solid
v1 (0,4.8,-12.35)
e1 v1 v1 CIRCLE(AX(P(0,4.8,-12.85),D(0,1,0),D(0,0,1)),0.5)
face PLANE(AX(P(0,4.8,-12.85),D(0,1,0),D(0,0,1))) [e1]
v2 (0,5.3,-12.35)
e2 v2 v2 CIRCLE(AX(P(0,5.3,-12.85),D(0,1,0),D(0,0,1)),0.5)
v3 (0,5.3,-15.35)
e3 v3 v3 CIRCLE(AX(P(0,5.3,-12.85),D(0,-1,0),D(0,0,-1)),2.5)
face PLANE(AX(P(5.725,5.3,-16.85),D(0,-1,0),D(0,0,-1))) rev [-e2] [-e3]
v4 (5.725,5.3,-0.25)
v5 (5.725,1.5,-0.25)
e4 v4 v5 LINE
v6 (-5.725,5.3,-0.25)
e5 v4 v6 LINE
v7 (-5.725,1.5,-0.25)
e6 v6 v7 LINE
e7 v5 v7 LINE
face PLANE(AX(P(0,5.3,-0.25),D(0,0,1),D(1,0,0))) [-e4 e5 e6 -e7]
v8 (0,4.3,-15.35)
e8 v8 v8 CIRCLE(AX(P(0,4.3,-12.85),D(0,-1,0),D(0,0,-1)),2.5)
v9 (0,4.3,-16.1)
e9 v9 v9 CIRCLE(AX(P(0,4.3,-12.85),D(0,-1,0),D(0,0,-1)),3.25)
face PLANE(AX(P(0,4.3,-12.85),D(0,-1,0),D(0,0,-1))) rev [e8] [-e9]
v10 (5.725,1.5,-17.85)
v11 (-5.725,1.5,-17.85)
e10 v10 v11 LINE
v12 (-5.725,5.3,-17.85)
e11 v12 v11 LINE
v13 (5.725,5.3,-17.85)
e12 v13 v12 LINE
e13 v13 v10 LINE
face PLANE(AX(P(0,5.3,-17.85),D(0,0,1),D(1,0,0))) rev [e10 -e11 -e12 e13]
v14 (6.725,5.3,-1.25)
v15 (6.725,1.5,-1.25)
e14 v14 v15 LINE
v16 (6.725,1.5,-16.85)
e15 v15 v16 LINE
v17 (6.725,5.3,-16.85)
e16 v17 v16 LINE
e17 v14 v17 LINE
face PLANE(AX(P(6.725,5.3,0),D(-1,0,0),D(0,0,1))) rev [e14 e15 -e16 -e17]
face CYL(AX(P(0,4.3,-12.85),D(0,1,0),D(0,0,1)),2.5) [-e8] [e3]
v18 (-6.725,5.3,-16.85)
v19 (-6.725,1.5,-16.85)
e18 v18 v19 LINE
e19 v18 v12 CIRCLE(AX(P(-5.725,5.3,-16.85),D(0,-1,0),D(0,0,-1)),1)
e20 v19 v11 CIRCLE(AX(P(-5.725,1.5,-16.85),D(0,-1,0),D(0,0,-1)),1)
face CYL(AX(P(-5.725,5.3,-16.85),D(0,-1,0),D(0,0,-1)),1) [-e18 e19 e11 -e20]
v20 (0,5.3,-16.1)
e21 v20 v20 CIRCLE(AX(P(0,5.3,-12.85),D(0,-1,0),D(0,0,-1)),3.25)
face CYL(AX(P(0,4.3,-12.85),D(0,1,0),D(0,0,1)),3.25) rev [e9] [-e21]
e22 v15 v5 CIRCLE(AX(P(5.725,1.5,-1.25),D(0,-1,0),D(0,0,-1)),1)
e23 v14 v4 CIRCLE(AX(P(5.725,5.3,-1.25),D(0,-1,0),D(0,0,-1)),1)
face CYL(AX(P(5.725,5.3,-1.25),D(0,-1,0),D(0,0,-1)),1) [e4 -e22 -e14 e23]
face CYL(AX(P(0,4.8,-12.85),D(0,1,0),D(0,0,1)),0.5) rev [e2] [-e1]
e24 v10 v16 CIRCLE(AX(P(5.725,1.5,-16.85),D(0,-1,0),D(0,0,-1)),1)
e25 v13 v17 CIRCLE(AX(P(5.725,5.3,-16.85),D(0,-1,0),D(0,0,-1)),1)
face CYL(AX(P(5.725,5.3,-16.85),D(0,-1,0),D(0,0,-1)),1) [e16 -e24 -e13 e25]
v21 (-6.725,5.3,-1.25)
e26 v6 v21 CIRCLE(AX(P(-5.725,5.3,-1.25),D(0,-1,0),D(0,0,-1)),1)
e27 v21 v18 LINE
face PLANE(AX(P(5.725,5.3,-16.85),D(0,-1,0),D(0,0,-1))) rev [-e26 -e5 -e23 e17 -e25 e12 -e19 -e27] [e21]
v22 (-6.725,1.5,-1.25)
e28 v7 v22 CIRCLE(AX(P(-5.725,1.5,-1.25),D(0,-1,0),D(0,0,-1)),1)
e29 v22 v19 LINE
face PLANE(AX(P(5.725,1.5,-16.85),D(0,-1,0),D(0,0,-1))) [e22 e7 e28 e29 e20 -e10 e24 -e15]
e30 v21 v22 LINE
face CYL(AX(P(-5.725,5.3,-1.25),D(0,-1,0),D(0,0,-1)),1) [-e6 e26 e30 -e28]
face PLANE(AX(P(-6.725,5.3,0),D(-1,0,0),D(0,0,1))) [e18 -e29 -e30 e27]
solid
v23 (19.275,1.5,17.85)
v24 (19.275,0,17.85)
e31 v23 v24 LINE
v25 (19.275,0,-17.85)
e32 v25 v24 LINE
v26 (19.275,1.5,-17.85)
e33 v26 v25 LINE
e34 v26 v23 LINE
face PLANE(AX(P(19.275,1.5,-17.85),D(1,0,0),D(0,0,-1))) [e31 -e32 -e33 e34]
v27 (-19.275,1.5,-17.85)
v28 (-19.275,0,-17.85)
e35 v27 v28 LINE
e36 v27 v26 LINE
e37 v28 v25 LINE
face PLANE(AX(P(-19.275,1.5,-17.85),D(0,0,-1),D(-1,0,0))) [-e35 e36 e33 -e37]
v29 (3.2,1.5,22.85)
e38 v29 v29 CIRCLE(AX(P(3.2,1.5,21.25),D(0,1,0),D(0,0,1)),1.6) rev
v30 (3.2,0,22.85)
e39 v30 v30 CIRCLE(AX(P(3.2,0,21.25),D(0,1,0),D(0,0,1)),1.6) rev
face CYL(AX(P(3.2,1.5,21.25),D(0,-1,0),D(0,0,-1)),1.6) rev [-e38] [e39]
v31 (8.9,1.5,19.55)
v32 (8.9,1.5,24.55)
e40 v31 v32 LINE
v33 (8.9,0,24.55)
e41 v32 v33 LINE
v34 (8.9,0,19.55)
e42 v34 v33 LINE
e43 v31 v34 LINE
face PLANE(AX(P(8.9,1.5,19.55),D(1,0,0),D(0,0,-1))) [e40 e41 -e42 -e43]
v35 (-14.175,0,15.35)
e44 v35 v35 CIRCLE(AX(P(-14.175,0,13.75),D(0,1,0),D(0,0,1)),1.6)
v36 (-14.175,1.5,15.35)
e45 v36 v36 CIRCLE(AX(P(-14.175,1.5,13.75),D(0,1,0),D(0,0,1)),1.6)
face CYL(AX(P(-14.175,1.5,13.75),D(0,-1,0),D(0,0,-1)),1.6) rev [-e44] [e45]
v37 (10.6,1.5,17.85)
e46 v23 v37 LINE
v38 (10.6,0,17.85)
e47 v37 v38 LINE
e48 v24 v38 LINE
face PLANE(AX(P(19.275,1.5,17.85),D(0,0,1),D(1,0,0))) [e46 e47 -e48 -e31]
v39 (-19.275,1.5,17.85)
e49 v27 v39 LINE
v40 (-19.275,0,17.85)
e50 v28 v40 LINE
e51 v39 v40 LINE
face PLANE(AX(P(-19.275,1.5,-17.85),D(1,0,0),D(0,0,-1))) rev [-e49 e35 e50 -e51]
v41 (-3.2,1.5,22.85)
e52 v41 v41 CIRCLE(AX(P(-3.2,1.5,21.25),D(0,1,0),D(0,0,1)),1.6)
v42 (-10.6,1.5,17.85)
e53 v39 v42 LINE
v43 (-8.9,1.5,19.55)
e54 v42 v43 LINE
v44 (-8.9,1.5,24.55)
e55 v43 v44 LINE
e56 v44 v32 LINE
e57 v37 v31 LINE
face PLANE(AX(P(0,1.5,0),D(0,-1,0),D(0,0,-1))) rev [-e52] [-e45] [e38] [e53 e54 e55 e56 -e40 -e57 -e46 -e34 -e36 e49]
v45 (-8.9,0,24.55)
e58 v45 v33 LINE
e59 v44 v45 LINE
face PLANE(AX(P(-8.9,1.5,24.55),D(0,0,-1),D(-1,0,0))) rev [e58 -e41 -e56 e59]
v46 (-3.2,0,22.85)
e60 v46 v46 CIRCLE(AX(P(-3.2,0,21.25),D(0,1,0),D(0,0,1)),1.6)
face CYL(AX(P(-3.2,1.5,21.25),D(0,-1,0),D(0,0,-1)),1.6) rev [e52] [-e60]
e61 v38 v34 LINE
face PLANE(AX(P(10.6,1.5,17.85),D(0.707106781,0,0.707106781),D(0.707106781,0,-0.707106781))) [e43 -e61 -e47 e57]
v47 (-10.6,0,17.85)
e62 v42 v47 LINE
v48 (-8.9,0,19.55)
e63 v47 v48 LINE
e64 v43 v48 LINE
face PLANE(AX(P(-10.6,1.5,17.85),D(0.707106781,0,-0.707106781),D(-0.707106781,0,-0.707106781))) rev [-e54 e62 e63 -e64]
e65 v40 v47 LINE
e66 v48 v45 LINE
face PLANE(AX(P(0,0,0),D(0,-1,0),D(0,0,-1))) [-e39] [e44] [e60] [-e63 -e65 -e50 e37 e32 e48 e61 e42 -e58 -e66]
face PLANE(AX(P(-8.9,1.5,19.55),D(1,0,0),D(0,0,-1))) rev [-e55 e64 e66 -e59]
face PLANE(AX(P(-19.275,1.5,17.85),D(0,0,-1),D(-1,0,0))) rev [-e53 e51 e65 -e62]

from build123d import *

# Parameters (mm, degrees)
SKETCH_1_R          = 1.6
EXTRUDE_1_DEPTH     = 1.5
EXTRUDE_START       = 1.5
EXTRUDE_2_DEPTH     = 3.8
CUT_EXTRUDE_START   = 5.3
SKETCH_1_4_R        = 3.25
SKETCH_1_4_R_2      = 2.5
CUT_EXTRUDE_1_DEPTH = 1
SKETCH_2_R          = 0.5
CUT_EXTRUDE_2_DEPTH = 0.5


with BuildPart() as part:
    # Sketch 1 → Extrude 1 (new body)
    with BuildSketch(Plane(origin=(0, 0, 0), x_dir=(1, 0, 0), z_dir=(0, 1, 0))):
        Polygon((-19.275, 17.85), (19.275, 17.85), (19.275, -17.85), (10.6, -17.85), (8.9, -19.55), (8.9, -24.55), (-8.9, -24.55), (-8.9, -19.55), (-10.6, -17.85), (-19.275, -17.85), align=None)
        with Locations((-14.175, -13.75)):
            Circle(SKETCH_1_R, mode=Mode.SUBTRACT)
        with Locations((-3.2, -21.25)):
            Circle(SKETCH_1_R, mode=Mode.SUBTRACT)
        with Locations((3.2, -21.25)):
            Circle(SKETCH_1_R, mode=Mode.SUBTRACT)
    extrude(amount=EXTRUDE_1_DEPTH)


with BuildPart() as body_2:
    # Sketch 1_3 → Extrude 2 (new body)
    with BuildSketch(Plane(origin=(0, 0, 0), x_dir=(1, 0, 0), z_dir=(0, 1, 0)).offset(EXTRUDE_START)):
        with BuildLine():
            Line((5.725, 0.25), (-5.725, 0.25))
            ThreePointArc((-5.725, 0.25), (-6.432106781, 0.542893219), (-6.725, 1.25))
            Line((-6.725, 1.25), (-6.725, 16.85))
            ThreePointArc((-6.725, 16.85), (-6.432106781, 17.557106781), (-5.725, 17.85))
            Line((-5.725, 17.85), (5.725, 17.85))
            ThreePointArc((5.725, 17.85), (6.432106781, 17.557106781), (6.725, 16.85))
            Line((6.725, 16.85), (6.725, 1.25))
            ThreePointArc((6.725, 1.25), (6.432106781, 0.542893219), (5.725, 0.25))
        make_face()
    extrude(amount=EXTRUDE_2_DEPTH)

    # Sketch 1_4 → Cut-Extrude 1 (cut)
    with BuildSketch(Plane(origin=(0, 0, 0), x_dir=(1, 0, 0), z_dir=(0, 1, 0)).offset(CUT_EXTRUDE_START)):
        with Locations((0, 12.85)):
            Circle(SKETCH_1_4_R)
        with Locations((0, 12.85)):
            Circle(SKETCH_1_4_R_2, mode=Mode.SUBTRACT)
    extrude(amount=-CUT_EXTRUDE_1_DEPTH, mode=Mode.SUBTRACT)

    # Sketch 2 → Cut-Extrude 2 (cut)
    with BuildSketch(Plane(origin=(0, 5.3, 0), x_dir=(1, 0, 0), z_dir=(0, 1, 0))):
        with Locations((0, 12.85)):
            Circle(SKETCH_2_R)
    extrude(amount=-CUT_EXTRUDE_2_DEPTH, mode=Mode.SUBTRACT)


solid = Compound([part.part, body_2.part])
